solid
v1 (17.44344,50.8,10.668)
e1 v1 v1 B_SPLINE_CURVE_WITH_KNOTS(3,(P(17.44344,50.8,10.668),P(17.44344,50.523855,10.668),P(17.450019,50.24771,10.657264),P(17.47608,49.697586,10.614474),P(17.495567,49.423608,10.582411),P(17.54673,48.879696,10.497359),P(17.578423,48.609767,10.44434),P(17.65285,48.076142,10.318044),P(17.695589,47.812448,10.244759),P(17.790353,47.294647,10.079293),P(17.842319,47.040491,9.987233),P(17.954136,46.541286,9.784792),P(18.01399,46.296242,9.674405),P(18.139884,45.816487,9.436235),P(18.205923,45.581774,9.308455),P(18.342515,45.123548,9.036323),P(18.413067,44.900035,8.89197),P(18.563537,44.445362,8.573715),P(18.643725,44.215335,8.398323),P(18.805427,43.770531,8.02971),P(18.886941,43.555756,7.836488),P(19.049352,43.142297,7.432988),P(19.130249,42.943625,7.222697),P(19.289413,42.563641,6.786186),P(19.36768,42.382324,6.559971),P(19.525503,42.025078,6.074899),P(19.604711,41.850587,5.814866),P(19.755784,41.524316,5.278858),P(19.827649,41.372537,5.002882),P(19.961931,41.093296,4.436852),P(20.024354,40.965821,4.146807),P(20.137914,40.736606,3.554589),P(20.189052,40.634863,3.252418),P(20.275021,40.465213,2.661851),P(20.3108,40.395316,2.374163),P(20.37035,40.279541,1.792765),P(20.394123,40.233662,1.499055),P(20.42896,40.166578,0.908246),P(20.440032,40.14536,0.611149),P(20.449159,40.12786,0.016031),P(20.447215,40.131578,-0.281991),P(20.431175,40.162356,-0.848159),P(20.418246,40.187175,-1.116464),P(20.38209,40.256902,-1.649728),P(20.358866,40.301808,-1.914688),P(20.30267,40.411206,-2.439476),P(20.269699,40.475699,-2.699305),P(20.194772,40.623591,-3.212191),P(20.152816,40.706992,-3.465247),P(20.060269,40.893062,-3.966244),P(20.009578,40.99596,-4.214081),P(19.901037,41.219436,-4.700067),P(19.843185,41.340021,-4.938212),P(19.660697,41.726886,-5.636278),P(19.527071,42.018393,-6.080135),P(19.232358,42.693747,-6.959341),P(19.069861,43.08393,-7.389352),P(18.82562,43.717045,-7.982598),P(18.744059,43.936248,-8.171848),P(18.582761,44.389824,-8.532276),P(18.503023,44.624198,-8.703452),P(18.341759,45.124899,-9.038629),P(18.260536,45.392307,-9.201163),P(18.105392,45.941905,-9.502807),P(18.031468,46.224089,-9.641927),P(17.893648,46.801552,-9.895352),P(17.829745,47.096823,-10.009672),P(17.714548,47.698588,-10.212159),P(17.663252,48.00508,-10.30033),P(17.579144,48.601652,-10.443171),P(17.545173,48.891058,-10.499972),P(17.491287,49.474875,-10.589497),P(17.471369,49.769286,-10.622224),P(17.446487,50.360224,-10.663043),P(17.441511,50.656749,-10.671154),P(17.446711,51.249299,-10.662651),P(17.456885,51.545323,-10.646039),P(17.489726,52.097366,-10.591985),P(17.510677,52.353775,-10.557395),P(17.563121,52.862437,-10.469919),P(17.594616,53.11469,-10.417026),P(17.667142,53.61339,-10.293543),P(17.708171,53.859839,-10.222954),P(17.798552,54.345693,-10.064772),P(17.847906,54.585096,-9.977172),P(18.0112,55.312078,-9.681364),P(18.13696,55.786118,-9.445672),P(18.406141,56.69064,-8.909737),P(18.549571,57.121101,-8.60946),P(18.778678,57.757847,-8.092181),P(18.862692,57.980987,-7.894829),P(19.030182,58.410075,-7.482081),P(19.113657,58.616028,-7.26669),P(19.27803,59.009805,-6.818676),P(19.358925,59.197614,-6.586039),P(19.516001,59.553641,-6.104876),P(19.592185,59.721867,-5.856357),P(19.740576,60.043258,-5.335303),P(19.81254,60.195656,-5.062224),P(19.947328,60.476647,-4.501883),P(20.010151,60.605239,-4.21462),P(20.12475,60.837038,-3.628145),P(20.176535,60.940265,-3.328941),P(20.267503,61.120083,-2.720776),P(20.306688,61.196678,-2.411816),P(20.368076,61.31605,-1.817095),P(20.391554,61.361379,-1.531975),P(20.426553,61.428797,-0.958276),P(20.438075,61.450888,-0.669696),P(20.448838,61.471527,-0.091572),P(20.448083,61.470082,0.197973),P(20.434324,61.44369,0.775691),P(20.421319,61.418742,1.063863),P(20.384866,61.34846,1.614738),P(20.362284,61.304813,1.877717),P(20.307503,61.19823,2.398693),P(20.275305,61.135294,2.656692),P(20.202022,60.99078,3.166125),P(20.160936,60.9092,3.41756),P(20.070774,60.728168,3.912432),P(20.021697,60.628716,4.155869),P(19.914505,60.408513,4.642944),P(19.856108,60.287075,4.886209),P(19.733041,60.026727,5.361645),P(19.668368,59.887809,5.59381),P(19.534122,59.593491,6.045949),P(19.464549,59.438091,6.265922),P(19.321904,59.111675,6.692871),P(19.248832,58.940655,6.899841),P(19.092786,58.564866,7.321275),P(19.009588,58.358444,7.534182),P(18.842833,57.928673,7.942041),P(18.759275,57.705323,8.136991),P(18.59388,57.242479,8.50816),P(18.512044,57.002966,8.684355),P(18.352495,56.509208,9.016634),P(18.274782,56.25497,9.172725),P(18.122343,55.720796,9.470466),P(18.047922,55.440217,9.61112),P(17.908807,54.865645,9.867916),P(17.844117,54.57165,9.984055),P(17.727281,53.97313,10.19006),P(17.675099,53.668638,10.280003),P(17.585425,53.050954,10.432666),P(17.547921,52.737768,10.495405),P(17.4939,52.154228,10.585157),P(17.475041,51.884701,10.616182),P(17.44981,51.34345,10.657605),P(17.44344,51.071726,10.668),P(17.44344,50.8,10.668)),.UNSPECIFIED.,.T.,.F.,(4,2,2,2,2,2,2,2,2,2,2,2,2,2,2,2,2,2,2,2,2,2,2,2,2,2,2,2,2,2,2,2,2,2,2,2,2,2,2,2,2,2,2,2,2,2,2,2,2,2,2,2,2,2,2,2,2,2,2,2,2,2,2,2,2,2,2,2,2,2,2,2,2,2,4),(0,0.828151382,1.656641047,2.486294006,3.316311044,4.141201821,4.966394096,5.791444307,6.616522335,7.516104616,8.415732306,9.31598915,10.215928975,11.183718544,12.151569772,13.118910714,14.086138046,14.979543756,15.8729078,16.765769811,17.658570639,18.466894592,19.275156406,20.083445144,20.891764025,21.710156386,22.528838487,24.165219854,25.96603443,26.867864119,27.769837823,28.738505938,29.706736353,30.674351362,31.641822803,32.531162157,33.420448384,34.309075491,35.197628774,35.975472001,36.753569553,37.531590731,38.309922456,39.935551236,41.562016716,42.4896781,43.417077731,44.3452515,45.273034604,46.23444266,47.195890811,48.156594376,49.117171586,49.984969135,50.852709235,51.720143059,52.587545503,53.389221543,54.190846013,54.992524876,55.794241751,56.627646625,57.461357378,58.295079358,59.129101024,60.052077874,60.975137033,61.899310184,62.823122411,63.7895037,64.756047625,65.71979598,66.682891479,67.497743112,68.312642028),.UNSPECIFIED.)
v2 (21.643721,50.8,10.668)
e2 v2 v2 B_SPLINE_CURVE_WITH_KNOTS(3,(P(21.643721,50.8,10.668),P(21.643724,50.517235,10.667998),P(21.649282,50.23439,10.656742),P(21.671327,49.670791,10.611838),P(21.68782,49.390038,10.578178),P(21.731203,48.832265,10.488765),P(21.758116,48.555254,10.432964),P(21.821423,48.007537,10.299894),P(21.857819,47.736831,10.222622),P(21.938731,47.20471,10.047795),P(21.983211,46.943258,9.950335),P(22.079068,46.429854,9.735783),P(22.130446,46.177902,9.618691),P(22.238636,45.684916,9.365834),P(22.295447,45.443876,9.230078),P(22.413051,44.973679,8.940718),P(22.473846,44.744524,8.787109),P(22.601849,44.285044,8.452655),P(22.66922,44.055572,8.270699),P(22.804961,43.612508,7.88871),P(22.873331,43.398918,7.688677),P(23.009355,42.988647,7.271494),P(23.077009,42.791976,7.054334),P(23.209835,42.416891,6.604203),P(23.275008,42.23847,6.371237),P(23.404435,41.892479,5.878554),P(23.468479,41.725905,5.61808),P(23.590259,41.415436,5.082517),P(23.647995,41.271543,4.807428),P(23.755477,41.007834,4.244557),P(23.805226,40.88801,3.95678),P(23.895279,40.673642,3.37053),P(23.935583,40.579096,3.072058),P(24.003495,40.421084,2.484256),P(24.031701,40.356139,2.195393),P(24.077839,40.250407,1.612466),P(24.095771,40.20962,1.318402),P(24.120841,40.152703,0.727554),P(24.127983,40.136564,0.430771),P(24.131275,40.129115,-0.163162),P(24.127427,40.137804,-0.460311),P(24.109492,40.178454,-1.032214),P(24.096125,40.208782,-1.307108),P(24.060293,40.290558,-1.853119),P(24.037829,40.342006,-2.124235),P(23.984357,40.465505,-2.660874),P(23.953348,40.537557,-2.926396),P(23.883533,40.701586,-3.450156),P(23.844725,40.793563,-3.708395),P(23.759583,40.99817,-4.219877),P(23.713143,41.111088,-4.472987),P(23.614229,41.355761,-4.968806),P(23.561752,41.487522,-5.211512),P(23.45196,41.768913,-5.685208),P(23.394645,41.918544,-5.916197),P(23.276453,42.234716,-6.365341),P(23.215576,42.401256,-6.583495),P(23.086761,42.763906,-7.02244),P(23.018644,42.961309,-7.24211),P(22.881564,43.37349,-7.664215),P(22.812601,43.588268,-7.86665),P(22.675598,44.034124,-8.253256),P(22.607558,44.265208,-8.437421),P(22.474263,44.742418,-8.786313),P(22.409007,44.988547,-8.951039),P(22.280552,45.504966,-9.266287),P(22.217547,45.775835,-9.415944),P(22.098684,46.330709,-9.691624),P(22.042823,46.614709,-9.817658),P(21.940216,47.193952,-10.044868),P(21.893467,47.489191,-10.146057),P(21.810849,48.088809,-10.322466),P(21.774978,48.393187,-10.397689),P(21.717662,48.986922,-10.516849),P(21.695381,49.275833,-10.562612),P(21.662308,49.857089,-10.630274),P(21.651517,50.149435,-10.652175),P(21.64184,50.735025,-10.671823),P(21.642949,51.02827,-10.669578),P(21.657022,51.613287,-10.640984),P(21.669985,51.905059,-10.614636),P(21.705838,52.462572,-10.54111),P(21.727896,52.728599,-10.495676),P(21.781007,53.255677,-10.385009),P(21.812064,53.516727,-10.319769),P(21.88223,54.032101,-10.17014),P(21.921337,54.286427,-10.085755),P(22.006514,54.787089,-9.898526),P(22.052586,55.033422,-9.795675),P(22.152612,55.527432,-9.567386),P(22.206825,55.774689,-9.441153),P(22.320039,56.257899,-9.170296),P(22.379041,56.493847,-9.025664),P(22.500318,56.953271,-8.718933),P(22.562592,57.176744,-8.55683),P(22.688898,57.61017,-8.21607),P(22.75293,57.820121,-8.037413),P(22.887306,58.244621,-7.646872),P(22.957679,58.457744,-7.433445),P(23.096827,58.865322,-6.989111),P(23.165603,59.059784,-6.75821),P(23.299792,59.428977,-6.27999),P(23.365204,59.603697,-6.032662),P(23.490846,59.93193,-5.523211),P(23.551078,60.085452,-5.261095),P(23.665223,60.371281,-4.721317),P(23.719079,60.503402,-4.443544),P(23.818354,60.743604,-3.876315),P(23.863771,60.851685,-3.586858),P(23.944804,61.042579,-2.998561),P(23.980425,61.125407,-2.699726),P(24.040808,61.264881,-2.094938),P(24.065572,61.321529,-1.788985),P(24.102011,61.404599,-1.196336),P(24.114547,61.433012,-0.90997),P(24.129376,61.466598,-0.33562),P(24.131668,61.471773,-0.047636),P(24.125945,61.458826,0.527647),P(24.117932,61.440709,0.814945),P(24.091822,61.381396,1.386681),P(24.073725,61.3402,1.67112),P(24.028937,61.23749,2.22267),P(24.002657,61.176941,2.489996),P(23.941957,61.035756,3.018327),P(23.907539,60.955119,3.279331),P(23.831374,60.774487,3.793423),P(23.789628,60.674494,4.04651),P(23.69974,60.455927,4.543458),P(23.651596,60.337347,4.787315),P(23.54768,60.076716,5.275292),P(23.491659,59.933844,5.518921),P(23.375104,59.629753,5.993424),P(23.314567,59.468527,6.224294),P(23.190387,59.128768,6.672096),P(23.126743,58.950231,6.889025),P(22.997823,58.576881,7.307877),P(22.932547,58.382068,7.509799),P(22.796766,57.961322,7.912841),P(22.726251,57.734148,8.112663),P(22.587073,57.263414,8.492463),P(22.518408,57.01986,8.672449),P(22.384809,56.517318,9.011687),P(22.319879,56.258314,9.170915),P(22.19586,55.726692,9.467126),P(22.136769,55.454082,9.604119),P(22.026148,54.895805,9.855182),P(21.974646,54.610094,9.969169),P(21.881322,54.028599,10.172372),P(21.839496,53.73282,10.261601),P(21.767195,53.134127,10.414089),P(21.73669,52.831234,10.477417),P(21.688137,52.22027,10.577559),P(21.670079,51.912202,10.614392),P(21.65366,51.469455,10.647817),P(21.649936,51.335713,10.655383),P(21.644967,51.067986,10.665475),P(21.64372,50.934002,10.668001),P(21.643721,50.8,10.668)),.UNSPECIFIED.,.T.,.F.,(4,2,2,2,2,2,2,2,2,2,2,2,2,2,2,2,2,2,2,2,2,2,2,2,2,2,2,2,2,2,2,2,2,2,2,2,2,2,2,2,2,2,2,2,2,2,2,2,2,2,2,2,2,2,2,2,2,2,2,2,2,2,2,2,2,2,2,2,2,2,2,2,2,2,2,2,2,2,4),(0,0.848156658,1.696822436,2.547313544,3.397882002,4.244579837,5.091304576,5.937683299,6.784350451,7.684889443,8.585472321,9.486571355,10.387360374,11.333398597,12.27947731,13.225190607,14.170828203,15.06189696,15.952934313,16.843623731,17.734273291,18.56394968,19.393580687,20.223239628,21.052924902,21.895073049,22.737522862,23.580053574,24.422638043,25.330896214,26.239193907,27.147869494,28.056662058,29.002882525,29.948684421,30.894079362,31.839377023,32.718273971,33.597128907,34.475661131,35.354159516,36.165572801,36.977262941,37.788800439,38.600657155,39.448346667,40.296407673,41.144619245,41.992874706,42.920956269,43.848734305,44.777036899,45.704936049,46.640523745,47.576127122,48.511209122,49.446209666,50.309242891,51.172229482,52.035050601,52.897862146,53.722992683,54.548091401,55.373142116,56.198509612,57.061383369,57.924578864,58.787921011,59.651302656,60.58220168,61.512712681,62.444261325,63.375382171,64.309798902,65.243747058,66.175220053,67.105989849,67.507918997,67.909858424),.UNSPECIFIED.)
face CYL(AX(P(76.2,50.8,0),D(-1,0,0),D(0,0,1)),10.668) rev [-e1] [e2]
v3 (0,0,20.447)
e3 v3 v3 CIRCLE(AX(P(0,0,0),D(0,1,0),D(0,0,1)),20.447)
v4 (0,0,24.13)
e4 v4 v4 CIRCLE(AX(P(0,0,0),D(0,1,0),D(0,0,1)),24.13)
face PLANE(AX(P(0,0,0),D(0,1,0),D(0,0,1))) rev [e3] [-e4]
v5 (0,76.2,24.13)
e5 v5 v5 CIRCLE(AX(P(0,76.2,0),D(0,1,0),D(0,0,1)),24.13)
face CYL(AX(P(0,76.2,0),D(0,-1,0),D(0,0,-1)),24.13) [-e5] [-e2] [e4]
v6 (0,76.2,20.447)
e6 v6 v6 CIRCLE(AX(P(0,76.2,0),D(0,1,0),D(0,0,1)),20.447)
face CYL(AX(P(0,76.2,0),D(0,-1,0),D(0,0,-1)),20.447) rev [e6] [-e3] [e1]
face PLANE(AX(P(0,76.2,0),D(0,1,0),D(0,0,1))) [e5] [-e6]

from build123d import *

# Parameters (mm, degrees)
SKETCH1_R           = 24.13
SKETCH1_R_2         = 20.447
BOSS_EXTRUDE1_DEPTH = 76.2
SKETCH2_R           = 10.668
CUT_EXTRUDE1_DEPTH  = 76.2


with BuildPart() as part:
    # Sketch1 → Boss-Extrude1 (new body)
    with BuildSketch(Plane(origin=(0, 0, 0), x_dir=(1, 0, 0), z_dir=(0, 1, 0))):
        Circle(SKETCH1_R)
        Circle(SKETCH1_R_2, mode=Mode.SUBTRACT)
    extrude(amount=BOSS_EXTRUDE1_DEPTH)

    # Sketch2 → Cut-Extrude1 (cut)
    with BuildSketch(Plane(origin=(0, 0, 0), x_dir=(0, 0, -1), z_dir=(1, 0, 0))):
        with Locations((0, 50.8)):
            Circle(SKETCH2_R)
    extrude(amount=CUT_EXTRUDE1_DEPTH, mode=Mode.SUBTRACT)


solid = part.part
